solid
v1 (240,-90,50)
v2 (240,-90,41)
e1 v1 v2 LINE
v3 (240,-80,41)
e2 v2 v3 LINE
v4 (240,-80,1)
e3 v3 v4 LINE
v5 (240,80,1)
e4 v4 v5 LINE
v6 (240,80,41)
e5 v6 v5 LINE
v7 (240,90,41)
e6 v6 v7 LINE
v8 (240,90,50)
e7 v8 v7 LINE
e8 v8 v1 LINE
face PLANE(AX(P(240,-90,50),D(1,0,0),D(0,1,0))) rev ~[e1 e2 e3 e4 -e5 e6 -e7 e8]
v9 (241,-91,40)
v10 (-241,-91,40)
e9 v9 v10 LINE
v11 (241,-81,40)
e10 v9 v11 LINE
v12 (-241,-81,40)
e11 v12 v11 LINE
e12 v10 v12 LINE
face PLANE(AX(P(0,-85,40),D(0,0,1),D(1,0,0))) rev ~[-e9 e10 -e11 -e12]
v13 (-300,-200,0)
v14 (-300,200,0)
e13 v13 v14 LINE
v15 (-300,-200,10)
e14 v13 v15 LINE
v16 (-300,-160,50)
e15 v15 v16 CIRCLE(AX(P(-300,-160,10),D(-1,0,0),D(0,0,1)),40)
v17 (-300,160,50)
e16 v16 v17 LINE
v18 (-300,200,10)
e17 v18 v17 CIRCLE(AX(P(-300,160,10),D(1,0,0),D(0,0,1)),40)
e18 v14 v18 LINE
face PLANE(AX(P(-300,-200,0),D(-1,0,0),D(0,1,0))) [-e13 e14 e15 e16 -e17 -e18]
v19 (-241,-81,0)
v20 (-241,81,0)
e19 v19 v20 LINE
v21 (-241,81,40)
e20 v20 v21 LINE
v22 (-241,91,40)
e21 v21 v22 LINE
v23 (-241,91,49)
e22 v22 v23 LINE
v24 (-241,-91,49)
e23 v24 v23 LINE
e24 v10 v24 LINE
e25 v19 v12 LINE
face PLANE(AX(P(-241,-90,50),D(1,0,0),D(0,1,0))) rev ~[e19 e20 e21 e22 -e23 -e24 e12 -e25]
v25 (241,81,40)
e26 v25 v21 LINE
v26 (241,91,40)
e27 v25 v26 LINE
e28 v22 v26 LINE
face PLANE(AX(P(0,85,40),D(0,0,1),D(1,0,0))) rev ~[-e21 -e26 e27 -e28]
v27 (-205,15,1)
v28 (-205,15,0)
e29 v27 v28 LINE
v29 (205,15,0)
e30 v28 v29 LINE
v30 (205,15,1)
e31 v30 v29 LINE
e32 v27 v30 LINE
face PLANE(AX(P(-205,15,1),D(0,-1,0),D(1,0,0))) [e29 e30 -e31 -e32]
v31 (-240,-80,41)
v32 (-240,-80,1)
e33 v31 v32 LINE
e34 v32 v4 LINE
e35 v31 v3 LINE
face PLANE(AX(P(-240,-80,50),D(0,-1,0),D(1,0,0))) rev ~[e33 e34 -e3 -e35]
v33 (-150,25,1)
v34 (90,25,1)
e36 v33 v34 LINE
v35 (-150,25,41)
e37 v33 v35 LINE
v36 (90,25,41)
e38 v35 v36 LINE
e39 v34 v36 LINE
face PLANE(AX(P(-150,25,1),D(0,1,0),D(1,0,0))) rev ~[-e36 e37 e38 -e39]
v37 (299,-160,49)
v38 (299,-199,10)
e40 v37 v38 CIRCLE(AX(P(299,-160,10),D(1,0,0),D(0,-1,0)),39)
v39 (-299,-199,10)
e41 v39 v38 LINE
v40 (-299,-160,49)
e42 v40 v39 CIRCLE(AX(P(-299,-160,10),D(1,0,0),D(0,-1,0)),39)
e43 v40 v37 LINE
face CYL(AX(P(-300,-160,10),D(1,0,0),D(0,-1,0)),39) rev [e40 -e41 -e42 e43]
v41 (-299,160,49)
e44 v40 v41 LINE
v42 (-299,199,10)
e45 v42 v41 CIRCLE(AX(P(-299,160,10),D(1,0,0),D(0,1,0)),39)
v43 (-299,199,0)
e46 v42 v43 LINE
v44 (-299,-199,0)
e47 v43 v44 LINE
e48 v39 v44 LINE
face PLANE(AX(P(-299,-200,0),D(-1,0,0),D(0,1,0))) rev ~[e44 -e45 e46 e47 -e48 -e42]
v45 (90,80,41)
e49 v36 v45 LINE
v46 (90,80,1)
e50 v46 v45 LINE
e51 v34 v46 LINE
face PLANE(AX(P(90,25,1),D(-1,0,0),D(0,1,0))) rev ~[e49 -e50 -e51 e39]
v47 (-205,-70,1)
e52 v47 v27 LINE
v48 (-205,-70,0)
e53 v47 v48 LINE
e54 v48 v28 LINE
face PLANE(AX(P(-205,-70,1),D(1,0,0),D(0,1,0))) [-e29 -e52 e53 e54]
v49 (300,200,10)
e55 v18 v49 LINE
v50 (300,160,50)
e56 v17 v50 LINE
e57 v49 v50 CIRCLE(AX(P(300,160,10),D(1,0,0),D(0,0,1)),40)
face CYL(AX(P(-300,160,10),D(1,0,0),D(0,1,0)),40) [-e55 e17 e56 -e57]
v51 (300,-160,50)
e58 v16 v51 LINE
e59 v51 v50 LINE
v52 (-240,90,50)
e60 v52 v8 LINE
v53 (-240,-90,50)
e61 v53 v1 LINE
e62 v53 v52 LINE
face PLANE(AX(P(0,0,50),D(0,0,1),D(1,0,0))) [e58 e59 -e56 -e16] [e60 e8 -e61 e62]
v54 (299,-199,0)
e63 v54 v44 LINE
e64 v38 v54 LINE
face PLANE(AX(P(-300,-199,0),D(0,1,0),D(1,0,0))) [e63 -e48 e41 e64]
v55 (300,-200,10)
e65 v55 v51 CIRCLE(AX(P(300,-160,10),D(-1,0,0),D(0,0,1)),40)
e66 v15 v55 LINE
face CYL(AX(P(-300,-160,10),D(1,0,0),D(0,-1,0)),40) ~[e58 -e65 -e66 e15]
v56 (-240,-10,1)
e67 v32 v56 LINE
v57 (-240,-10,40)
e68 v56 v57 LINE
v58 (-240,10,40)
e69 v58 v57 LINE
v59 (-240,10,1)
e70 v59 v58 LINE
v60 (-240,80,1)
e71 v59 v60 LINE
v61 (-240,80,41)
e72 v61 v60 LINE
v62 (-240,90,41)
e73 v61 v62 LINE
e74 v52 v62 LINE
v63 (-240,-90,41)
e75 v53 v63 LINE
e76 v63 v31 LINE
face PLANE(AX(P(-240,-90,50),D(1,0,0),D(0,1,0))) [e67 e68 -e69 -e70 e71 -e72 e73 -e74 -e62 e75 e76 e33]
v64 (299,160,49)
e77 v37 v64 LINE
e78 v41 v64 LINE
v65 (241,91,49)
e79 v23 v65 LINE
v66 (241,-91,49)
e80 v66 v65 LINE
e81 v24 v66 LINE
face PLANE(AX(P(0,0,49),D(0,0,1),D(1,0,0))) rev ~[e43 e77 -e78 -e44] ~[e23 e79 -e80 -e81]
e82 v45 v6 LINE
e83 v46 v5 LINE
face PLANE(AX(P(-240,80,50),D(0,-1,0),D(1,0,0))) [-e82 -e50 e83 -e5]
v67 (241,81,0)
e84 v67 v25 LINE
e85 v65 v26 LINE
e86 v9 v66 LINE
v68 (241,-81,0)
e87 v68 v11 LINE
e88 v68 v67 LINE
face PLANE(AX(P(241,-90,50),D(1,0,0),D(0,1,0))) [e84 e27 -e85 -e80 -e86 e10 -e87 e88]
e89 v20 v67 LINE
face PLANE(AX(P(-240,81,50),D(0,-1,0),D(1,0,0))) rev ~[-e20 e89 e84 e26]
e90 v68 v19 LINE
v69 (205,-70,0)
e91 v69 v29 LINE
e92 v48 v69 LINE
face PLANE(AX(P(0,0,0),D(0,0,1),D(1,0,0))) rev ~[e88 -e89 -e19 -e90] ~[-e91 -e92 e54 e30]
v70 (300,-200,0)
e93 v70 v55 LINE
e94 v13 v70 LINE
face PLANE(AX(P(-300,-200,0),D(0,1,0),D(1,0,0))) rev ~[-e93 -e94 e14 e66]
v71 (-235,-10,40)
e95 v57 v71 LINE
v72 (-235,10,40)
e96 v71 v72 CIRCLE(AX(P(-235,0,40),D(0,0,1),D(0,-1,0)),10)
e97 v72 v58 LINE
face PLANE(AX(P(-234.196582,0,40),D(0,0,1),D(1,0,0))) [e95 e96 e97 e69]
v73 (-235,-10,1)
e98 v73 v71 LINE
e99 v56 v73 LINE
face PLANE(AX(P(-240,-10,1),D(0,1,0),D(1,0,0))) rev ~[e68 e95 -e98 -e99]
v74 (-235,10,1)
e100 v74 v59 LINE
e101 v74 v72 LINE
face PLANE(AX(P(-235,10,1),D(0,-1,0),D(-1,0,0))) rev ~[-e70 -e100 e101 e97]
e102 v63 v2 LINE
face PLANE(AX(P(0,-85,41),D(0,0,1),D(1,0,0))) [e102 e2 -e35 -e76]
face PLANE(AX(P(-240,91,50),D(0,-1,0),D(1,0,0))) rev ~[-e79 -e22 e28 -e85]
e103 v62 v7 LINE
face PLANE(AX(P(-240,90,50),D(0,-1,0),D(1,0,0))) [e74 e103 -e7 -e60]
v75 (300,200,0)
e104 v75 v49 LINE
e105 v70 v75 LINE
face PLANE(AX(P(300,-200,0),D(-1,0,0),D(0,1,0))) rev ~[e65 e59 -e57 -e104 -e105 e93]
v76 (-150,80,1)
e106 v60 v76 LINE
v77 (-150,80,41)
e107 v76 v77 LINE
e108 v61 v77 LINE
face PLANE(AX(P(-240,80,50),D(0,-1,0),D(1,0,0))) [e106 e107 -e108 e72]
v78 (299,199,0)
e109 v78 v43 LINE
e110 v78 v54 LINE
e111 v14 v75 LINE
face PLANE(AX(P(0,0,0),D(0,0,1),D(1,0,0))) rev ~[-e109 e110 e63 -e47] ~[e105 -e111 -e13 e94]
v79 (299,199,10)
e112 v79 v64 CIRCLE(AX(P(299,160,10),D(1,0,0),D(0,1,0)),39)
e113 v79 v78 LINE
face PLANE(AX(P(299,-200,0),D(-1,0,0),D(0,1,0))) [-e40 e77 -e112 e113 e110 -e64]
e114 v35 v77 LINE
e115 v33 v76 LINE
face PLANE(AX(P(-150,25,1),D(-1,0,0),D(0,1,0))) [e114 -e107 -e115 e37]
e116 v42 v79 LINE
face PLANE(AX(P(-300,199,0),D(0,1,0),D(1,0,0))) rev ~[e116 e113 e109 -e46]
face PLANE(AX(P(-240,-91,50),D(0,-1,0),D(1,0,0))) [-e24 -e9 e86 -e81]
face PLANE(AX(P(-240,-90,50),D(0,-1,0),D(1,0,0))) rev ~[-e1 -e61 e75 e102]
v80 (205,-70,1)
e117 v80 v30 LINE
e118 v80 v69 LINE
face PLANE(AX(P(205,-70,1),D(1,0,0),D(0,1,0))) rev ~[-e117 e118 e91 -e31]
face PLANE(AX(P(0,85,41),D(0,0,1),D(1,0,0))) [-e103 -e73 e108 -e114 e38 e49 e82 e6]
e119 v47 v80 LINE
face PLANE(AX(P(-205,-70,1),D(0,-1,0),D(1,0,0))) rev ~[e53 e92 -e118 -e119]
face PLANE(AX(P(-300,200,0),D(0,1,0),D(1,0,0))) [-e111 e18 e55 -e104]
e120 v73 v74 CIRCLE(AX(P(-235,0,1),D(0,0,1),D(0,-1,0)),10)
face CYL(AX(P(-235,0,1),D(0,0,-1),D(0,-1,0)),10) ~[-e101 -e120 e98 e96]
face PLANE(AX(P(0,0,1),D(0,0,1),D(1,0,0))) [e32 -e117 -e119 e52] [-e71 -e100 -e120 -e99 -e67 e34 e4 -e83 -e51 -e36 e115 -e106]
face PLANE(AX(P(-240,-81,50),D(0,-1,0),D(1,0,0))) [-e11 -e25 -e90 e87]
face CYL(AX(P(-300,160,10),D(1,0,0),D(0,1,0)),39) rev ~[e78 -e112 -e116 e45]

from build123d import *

# Parameters (mm, degrees)
F0_W      = 600
F0_H      = 400
F1_DEPTH  = 50
F2_R      = 40
F3_W      = 480
F3_H      = 160
F4_DEPTH  = 49
F5_W      = 480
F5_H      = 10
F6_DEPTH  = 9
F7_T      = -1
F8_W      = 410
F8_H      = 85
F9_DEPTH  = 1.001
F10_W     = 240
F10_H     = 55
F11_DEPTH = 40
F13_DEPTH = 39


with BuildPart() as f1:
    # F0 (on Top) → F1 (new body)
    with BuildSketch(Plane.XY):
        Rectangle(F0_W, F0_H)
    extrude(amount=F1_DEPTH)

    # F2
    f2_edges = [f1.edges().sort_by_distance(p)[0] for p in [
        (0, -200, 50),
        (0, 200, 50),
    ]]
    fillet(f2_edges, radius=F2_R)

    # F3 (on face) → F4 (cut)
    with BuildSketch(Plane.XY.offset(50)):
        Rectangle(F3_W, F3_H)
    extrude(amount=-F4_DEPTH, mode=Mode.SUBTRACT)

    # F5 (on face) → F6 (cut)
    with BuildSketch(Plane.XY.offset(50)):
        with Locations((0, 85)):
            Rectangle(F5_W, F5_H)
        with Locations((0, -85)):
            Rectangle(F5_W, F5_H)
    extrude(amount=-F6_DEPTH, mode=Mode.SUBTRACT)

    # F7
    f7_openings = [f1.faces().sort_by_distance(p)[0] for p in [
        (0, 0, 0),
    ]]
    offset(amount=F7_T, openings=f7_openings, kind=Kind.INTERSECTION)

    # F8 (on face) → F9 (cut, through all)
    with BuildSketch(Plane.XY.offset(1)):
        with Locations((0, -27.5)):
            Rectangle(F8_W, F8_H)
    extrude(amount=-F9_DEPTH, mode=Mode.SUBTRACT)

    # F10 (on face) → F11 (join)
    with BuildSketch(Plane.XY.offset(1)):
        with Locations((-30, 52.5)):
            Rectangle(F10_W, F10_H)
    extrude(amount=F11_DEPTH)

    # F12 (on face) → F13 (join)
    with BuildSketch(Plane.XY.offset(1)):
        with BuildLine():
            Line((-240, -10), (-235, -10))
            ThreePointArc((-235, -10), (-225, 0), (-235, 10))
            Line((-235, 10), (-240, 10))
            Line((-240, 10), (-240, -10))
        make_face()
    extrude(amount=F13_DEPTH)


solid = f1.part
